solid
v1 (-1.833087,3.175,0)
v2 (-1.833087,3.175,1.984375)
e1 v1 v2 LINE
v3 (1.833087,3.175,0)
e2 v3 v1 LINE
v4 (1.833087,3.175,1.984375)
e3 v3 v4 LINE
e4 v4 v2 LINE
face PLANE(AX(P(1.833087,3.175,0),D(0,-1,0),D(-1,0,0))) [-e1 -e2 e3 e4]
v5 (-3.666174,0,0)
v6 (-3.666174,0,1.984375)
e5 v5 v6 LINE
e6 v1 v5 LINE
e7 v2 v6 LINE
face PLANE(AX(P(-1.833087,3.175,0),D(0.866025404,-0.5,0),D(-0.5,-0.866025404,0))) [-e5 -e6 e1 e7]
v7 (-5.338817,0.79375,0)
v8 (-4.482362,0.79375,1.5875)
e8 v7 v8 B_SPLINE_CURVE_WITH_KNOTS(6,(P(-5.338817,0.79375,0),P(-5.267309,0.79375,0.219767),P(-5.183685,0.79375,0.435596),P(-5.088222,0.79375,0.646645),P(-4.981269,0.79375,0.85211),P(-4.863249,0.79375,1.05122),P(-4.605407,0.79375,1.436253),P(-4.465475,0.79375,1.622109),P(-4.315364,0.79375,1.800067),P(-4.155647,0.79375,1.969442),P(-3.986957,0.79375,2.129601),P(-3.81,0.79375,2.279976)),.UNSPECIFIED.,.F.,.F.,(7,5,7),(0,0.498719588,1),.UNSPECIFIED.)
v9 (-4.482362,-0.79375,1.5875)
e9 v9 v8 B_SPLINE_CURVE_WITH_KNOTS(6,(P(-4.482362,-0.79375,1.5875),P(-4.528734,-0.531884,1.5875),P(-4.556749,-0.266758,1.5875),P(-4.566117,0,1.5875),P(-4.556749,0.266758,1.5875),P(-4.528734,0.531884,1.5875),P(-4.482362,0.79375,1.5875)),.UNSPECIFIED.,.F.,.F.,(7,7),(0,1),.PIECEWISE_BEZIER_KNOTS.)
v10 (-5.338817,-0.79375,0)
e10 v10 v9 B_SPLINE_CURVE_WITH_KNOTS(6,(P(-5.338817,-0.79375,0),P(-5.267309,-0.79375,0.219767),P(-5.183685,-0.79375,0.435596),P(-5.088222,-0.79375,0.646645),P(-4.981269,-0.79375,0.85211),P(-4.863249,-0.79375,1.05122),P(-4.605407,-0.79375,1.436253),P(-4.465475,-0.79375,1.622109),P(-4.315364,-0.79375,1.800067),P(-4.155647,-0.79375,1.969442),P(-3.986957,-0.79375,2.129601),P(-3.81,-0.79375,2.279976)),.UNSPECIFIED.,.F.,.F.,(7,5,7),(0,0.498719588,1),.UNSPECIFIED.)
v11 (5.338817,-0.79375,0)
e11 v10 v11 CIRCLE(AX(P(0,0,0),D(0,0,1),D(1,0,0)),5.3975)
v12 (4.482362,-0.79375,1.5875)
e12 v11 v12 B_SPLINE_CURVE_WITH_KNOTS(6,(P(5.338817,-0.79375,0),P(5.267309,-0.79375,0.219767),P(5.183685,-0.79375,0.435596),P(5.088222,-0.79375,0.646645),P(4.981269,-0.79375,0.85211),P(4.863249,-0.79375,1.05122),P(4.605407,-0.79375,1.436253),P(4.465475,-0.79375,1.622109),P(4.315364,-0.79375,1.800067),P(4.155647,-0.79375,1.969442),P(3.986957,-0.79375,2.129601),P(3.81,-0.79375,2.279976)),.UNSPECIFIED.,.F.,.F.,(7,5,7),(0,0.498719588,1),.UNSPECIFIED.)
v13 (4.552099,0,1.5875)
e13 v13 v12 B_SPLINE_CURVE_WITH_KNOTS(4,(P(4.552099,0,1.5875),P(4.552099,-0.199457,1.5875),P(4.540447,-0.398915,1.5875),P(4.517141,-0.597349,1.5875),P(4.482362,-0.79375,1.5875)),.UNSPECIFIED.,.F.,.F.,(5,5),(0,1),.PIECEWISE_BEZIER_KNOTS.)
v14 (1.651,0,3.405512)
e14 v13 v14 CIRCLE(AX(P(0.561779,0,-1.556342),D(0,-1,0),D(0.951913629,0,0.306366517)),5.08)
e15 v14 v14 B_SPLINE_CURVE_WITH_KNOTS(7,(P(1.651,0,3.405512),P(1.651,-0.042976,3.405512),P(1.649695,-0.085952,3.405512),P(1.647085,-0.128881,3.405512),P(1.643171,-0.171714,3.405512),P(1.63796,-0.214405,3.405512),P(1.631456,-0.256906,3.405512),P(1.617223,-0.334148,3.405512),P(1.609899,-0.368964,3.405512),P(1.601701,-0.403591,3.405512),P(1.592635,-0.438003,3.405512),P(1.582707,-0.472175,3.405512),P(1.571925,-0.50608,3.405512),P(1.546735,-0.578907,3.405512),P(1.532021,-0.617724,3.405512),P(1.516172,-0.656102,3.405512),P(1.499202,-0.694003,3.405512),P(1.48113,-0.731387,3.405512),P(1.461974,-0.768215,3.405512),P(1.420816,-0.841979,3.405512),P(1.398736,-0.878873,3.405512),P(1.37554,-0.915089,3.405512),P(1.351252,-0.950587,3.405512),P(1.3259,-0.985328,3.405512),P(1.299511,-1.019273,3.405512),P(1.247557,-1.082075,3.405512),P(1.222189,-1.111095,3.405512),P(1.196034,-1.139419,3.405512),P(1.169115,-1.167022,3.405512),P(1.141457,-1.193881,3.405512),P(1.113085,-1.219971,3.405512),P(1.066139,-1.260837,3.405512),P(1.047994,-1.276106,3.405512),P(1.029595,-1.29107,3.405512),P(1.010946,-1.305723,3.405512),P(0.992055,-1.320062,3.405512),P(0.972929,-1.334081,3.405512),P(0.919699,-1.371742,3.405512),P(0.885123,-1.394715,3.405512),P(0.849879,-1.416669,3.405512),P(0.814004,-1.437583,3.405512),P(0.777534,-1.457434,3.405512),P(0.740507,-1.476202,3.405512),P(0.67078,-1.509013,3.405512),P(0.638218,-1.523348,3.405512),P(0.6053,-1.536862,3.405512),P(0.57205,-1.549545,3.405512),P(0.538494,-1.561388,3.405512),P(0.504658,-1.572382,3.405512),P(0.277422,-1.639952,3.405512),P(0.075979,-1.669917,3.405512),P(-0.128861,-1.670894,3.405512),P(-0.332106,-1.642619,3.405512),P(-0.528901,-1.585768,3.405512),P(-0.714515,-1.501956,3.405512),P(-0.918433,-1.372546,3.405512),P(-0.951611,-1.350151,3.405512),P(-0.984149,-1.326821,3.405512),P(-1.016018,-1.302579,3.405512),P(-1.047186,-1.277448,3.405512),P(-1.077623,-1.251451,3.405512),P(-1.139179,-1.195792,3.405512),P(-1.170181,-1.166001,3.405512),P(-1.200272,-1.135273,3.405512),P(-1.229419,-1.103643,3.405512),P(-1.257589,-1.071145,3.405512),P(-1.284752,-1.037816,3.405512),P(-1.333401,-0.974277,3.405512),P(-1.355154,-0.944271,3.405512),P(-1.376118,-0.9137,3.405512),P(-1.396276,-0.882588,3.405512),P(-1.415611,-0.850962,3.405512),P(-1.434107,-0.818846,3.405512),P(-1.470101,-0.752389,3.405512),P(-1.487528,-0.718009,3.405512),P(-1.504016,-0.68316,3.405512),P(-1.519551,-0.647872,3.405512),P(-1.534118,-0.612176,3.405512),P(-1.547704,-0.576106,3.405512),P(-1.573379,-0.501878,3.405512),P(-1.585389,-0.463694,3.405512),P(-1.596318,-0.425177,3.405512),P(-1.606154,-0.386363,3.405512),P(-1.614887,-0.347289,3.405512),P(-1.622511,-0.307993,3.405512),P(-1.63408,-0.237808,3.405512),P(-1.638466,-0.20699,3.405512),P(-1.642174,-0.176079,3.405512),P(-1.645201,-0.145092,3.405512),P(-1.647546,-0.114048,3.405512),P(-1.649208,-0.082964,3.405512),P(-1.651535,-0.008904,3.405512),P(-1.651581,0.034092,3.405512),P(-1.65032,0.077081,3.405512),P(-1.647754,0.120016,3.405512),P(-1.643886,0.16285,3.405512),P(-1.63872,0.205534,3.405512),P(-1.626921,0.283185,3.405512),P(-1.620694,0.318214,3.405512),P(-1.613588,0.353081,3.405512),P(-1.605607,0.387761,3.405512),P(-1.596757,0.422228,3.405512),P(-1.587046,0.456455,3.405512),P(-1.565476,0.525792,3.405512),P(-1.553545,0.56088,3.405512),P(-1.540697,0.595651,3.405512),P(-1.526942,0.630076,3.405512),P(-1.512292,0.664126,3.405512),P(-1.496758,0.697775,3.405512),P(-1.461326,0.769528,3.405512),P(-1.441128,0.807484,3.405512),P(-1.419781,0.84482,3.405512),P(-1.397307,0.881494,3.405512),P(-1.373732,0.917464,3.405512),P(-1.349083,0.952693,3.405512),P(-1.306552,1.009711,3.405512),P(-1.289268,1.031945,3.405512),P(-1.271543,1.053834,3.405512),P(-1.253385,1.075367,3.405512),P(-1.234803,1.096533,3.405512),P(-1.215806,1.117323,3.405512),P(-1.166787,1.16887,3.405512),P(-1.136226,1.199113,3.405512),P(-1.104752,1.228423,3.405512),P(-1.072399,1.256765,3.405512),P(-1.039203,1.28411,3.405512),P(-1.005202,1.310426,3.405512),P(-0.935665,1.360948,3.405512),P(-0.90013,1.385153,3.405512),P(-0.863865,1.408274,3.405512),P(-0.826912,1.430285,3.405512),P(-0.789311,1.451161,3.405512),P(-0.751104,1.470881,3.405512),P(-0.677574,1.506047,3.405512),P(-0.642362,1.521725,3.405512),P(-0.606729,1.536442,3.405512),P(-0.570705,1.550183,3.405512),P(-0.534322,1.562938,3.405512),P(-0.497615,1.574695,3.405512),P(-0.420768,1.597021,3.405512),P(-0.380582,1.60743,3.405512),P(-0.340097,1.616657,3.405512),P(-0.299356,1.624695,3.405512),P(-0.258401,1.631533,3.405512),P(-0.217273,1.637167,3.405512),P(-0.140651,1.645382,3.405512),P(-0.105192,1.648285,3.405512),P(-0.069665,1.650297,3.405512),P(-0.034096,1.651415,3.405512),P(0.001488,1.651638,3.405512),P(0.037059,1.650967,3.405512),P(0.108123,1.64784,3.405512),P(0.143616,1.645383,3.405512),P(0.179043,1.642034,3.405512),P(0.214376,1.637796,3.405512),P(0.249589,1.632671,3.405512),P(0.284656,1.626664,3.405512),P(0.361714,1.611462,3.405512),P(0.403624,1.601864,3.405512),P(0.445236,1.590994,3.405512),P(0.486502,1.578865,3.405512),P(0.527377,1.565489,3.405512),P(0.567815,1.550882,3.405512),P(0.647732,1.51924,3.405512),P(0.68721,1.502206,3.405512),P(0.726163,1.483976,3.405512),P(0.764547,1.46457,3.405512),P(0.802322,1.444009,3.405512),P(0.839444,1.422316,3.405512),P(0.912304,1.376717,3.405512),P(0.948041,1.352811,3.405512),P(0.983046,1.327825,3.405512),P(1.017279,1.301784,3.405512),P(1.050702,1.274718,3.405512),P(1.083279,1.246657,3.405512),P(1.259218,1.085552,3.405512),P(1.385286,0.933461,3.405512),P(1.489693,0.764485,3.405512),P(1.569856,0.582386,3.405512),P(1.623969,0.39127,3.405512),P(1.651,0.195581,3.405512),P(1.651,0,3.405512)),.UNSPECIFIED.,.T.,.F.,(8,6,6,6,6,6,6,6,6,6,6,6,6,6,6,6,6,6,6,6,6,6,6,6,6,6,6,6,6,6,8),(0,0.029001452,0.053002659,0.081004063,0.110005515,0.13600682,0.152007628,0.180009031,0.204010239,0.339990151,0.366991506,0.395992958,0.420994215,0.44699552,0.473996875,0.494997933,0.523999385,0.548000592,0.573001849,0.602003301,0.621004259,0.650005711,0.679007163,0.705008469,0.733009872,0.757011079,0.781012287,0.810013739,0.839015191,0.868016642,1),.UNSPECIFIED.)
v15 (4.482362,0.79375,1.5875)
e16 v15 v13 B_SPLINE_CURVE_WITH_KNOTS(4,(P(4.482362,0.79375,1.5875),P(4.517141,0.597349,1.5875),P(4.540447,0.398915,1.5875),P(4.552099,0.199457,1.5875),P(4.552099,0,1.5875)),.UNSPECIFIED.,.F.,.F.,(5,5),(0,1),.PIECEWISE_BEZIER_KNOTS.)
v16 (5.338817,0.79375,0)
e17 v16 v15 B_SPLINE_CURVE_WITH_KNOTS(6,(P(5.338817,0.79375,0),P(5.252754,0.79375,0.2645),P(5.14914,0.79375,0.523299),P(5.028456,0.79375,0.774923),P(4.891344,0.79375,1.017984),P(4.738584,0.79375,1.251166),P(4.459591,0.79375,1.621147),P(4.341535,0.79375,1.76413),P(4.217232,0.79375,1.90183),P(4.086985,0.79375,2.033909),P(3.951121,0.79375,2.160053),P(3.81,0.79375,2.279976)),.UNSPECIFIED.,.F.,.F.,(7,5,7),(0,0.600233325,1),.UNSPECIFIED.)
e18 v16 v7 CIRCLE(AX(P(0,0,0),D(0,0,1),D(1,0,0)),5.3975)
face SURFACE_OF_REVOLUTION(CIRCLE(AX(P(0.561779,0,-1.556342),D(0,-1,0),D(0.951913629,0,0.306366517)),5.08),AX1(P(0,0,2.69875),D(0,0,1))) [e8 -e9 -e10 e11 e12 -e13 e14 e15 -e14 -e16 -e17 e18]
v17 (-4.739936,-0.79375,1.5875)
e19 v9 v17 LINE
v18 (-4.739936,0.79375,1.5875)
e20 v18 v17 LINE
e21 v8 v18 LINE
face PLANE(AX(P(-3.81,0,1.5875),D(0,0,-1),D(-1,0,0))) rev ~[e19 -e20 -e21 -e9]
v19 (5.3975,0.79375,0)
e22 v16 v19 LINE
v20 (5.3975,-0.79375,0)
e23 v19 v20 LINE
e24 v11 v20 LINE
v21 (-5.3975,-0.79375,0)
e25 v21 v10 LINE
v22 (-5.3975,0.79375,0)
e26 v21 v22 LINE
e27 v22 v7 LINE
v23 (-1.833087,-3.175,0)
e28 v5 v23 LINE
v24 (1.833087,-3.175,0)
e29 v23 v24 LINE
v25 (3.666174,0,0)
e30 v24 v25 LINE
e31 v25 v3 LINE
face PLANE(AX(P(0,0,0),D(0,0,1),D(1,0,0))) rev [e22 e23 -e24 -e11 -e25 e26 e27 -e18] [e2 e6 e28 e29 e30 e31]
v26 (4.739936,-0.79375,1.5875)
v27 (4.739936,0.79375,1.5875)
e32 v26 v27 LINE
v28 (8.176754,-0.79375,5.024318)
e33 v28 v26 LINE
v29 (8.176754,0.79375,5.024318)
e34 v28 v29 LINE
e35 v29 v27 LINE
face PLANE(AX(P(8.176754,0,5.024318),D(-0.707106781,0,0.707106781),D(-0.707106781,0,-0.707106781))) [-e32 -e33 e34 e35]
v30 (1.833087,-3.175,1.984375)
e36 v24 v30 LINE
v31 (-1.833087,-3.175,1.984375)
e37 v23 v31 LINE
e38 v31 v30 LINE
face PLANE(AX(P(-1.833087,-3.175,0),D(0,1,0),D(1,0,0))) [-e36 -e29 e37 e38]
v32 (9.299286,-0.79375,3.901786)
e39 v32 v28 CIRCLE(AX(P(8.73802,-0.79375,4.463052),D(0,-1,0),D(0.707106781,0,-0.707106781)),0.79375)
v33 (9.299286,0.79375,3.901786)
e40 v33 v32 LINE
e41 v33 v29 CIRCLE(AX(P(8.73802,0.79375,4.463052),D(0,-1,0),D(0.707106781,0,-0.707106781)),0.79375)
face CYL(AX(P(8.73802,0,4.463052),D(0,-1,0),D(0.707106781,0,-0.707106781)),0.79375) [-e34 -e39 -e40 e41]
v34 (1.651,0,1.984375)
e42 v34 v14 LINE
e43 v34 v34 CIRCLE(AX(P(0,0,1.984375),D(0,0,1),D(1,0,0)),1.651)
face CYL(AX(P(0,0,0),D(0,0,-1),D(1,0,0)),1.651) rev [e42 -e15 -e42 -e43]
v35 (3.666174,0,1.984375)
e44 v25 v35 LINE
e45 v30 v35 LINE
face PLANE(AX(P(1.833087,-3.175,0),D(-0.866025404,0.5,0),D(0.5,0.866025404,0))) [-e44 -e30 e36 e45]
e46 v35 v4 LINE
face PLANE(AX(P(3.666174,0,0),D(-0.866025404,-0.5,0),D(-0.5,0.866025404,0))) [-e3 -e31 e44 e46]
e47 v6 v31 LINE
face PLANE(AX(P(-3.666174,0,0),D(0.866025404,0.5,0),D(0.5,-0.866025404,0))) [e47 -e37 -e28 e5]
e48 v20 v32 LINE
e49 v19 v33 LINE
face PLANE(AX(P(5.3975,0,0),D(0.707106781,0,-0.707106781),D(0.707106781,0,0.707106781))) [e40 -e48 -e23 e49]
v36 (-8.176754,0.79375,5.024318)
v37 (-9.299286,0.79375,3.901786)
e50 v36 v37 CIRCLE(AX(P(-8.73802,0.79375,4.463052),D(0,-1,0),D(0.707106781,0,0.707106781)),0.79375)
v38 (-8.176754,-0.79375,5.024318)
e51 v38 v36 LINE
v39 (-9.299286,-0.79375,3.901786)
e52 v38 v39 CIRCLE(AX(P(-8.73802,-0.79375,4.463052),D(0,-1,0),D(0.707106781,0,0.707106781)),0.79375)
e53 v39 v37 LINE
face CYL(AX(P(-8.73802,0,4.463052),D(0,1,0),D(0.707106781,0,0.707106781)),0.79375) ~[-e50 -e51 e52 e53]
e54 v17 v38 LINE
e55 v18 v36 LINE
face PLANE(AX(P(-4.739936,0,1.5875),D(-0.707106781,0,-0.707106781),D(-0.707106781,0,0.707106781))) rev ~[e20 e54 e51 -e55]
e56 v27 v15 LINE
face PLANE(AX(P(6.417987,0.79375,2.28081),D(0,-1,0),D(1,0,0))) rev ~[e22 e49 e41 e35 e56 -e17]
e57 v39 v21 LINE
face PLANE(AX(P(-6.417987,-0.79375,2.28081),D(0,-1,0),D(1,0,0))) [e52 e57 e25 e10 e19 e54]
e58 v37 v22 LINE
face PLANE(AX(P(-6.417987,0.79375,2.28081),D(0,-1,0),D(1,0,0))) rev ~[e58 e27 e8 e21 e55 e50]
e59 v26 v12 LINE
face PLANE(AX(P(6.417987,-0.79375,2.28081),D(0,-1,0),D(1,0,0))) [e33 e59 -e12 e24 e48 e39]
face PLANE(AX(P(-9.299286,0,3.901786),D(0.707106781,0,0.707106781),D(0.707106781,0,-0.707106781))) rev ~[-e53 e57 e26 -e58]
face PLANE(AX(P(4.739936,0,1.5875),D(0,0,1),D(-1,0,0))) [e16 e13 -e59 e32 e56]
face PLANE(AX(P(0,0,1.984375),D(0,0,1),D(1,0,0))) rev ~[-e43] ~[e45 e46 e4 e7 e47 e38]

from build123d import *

# Parameters (mm, degrees)
F1_W     = 3.81
F1_H     = 1.905
F0_R     = 1.651
F3_DEPTH = 1.984375
F4_DEPTH = 6.35
F6_DEPTH = 0.79375


with BuildPart() as f2:
    # F1 (on Front) → F2 (revolve)
    with BuildSketch(Plane.XZ):
        with BuildLine():
            Line((3.81, 1.905), (3.81, 0))
            Line((3.81, 0), (5.3975, 0))
            ThreePointArc((5.3975, 0), (3.321495258, 2.7086744896), (0, 3.4925))
            Line((0, 3.4925), (0, 1.905))
            Line((0, 1.905), (3.81, 1.905))
        make_face()
        with Locations((1.905, 0.9525)):
            Rectangle(F1_W, F1_H)
    revolve(axis=Axis((0, 0, 2.69875), (0, 0, 1)))

    # F0 (on Top) → F3 (cut)
    with BuildSketch(Plane.XY):
        Polygon((1.8330871047, 3.175), (-1.8330871047, 3.175), (-3.6661742094, 0), (-1.8330871047, -3.175), (1.8330871047, -3.175), (3.6661742094, 0), align=None)
        Circle(F0_R, mode=Mode.SUBTRACT)
    extrude(amount=F3_DEPTH, mode=Mode.SUBTRACT)

    # F0 (on Top) → F4 (cut)
    with BuildSketch(Plane.XY):
        Circle(F0_R)
    extrude(amount=F4_DEPTH, mode=Mode.SUBTRACT)

    # F5 (on Front) → F6 (join, symmetric)
    with BuildSketch(Plane.XZ):
        Polygon((-5.3975, 0), (-3.81, 0), (-3.81, 1.5875), (-4.7399359697, 1.5875), (-8.1767540674, 5.0243180977), (-9.2992860825, 3.9017860825), align=None)
        with BuildLine():
            ThreePointArc((-8.1767540674, 5.0243180977), (-9.2992860825, 5.0243180977), (-9.2992860825, 3.9017860825))
            Line((-9.2992860825, 3.9017860825), (-8.1767540674, 5.0243180977))
        make_face()
        Polygon((3.81, 1.5875), (3.81, 0), (5.3975, 0), (9.2992860825, 3.9017860825), (8.1767540674, 5.0243180977), (4.7399359697, 1.5875), align=None)
        with BuildLine():
            Line((8.1767540674, 5.0243180977), (9.2992860825, 3.9017860825))
            ThreePointArc((9.2992860825, 3.9017860825), (9.2992860825, 5.0243180977), (8.1767540674, 5.0243180977))
        make_face()
    extrude(amount=F6_DEPTH, both=True)


solid = f2.part
